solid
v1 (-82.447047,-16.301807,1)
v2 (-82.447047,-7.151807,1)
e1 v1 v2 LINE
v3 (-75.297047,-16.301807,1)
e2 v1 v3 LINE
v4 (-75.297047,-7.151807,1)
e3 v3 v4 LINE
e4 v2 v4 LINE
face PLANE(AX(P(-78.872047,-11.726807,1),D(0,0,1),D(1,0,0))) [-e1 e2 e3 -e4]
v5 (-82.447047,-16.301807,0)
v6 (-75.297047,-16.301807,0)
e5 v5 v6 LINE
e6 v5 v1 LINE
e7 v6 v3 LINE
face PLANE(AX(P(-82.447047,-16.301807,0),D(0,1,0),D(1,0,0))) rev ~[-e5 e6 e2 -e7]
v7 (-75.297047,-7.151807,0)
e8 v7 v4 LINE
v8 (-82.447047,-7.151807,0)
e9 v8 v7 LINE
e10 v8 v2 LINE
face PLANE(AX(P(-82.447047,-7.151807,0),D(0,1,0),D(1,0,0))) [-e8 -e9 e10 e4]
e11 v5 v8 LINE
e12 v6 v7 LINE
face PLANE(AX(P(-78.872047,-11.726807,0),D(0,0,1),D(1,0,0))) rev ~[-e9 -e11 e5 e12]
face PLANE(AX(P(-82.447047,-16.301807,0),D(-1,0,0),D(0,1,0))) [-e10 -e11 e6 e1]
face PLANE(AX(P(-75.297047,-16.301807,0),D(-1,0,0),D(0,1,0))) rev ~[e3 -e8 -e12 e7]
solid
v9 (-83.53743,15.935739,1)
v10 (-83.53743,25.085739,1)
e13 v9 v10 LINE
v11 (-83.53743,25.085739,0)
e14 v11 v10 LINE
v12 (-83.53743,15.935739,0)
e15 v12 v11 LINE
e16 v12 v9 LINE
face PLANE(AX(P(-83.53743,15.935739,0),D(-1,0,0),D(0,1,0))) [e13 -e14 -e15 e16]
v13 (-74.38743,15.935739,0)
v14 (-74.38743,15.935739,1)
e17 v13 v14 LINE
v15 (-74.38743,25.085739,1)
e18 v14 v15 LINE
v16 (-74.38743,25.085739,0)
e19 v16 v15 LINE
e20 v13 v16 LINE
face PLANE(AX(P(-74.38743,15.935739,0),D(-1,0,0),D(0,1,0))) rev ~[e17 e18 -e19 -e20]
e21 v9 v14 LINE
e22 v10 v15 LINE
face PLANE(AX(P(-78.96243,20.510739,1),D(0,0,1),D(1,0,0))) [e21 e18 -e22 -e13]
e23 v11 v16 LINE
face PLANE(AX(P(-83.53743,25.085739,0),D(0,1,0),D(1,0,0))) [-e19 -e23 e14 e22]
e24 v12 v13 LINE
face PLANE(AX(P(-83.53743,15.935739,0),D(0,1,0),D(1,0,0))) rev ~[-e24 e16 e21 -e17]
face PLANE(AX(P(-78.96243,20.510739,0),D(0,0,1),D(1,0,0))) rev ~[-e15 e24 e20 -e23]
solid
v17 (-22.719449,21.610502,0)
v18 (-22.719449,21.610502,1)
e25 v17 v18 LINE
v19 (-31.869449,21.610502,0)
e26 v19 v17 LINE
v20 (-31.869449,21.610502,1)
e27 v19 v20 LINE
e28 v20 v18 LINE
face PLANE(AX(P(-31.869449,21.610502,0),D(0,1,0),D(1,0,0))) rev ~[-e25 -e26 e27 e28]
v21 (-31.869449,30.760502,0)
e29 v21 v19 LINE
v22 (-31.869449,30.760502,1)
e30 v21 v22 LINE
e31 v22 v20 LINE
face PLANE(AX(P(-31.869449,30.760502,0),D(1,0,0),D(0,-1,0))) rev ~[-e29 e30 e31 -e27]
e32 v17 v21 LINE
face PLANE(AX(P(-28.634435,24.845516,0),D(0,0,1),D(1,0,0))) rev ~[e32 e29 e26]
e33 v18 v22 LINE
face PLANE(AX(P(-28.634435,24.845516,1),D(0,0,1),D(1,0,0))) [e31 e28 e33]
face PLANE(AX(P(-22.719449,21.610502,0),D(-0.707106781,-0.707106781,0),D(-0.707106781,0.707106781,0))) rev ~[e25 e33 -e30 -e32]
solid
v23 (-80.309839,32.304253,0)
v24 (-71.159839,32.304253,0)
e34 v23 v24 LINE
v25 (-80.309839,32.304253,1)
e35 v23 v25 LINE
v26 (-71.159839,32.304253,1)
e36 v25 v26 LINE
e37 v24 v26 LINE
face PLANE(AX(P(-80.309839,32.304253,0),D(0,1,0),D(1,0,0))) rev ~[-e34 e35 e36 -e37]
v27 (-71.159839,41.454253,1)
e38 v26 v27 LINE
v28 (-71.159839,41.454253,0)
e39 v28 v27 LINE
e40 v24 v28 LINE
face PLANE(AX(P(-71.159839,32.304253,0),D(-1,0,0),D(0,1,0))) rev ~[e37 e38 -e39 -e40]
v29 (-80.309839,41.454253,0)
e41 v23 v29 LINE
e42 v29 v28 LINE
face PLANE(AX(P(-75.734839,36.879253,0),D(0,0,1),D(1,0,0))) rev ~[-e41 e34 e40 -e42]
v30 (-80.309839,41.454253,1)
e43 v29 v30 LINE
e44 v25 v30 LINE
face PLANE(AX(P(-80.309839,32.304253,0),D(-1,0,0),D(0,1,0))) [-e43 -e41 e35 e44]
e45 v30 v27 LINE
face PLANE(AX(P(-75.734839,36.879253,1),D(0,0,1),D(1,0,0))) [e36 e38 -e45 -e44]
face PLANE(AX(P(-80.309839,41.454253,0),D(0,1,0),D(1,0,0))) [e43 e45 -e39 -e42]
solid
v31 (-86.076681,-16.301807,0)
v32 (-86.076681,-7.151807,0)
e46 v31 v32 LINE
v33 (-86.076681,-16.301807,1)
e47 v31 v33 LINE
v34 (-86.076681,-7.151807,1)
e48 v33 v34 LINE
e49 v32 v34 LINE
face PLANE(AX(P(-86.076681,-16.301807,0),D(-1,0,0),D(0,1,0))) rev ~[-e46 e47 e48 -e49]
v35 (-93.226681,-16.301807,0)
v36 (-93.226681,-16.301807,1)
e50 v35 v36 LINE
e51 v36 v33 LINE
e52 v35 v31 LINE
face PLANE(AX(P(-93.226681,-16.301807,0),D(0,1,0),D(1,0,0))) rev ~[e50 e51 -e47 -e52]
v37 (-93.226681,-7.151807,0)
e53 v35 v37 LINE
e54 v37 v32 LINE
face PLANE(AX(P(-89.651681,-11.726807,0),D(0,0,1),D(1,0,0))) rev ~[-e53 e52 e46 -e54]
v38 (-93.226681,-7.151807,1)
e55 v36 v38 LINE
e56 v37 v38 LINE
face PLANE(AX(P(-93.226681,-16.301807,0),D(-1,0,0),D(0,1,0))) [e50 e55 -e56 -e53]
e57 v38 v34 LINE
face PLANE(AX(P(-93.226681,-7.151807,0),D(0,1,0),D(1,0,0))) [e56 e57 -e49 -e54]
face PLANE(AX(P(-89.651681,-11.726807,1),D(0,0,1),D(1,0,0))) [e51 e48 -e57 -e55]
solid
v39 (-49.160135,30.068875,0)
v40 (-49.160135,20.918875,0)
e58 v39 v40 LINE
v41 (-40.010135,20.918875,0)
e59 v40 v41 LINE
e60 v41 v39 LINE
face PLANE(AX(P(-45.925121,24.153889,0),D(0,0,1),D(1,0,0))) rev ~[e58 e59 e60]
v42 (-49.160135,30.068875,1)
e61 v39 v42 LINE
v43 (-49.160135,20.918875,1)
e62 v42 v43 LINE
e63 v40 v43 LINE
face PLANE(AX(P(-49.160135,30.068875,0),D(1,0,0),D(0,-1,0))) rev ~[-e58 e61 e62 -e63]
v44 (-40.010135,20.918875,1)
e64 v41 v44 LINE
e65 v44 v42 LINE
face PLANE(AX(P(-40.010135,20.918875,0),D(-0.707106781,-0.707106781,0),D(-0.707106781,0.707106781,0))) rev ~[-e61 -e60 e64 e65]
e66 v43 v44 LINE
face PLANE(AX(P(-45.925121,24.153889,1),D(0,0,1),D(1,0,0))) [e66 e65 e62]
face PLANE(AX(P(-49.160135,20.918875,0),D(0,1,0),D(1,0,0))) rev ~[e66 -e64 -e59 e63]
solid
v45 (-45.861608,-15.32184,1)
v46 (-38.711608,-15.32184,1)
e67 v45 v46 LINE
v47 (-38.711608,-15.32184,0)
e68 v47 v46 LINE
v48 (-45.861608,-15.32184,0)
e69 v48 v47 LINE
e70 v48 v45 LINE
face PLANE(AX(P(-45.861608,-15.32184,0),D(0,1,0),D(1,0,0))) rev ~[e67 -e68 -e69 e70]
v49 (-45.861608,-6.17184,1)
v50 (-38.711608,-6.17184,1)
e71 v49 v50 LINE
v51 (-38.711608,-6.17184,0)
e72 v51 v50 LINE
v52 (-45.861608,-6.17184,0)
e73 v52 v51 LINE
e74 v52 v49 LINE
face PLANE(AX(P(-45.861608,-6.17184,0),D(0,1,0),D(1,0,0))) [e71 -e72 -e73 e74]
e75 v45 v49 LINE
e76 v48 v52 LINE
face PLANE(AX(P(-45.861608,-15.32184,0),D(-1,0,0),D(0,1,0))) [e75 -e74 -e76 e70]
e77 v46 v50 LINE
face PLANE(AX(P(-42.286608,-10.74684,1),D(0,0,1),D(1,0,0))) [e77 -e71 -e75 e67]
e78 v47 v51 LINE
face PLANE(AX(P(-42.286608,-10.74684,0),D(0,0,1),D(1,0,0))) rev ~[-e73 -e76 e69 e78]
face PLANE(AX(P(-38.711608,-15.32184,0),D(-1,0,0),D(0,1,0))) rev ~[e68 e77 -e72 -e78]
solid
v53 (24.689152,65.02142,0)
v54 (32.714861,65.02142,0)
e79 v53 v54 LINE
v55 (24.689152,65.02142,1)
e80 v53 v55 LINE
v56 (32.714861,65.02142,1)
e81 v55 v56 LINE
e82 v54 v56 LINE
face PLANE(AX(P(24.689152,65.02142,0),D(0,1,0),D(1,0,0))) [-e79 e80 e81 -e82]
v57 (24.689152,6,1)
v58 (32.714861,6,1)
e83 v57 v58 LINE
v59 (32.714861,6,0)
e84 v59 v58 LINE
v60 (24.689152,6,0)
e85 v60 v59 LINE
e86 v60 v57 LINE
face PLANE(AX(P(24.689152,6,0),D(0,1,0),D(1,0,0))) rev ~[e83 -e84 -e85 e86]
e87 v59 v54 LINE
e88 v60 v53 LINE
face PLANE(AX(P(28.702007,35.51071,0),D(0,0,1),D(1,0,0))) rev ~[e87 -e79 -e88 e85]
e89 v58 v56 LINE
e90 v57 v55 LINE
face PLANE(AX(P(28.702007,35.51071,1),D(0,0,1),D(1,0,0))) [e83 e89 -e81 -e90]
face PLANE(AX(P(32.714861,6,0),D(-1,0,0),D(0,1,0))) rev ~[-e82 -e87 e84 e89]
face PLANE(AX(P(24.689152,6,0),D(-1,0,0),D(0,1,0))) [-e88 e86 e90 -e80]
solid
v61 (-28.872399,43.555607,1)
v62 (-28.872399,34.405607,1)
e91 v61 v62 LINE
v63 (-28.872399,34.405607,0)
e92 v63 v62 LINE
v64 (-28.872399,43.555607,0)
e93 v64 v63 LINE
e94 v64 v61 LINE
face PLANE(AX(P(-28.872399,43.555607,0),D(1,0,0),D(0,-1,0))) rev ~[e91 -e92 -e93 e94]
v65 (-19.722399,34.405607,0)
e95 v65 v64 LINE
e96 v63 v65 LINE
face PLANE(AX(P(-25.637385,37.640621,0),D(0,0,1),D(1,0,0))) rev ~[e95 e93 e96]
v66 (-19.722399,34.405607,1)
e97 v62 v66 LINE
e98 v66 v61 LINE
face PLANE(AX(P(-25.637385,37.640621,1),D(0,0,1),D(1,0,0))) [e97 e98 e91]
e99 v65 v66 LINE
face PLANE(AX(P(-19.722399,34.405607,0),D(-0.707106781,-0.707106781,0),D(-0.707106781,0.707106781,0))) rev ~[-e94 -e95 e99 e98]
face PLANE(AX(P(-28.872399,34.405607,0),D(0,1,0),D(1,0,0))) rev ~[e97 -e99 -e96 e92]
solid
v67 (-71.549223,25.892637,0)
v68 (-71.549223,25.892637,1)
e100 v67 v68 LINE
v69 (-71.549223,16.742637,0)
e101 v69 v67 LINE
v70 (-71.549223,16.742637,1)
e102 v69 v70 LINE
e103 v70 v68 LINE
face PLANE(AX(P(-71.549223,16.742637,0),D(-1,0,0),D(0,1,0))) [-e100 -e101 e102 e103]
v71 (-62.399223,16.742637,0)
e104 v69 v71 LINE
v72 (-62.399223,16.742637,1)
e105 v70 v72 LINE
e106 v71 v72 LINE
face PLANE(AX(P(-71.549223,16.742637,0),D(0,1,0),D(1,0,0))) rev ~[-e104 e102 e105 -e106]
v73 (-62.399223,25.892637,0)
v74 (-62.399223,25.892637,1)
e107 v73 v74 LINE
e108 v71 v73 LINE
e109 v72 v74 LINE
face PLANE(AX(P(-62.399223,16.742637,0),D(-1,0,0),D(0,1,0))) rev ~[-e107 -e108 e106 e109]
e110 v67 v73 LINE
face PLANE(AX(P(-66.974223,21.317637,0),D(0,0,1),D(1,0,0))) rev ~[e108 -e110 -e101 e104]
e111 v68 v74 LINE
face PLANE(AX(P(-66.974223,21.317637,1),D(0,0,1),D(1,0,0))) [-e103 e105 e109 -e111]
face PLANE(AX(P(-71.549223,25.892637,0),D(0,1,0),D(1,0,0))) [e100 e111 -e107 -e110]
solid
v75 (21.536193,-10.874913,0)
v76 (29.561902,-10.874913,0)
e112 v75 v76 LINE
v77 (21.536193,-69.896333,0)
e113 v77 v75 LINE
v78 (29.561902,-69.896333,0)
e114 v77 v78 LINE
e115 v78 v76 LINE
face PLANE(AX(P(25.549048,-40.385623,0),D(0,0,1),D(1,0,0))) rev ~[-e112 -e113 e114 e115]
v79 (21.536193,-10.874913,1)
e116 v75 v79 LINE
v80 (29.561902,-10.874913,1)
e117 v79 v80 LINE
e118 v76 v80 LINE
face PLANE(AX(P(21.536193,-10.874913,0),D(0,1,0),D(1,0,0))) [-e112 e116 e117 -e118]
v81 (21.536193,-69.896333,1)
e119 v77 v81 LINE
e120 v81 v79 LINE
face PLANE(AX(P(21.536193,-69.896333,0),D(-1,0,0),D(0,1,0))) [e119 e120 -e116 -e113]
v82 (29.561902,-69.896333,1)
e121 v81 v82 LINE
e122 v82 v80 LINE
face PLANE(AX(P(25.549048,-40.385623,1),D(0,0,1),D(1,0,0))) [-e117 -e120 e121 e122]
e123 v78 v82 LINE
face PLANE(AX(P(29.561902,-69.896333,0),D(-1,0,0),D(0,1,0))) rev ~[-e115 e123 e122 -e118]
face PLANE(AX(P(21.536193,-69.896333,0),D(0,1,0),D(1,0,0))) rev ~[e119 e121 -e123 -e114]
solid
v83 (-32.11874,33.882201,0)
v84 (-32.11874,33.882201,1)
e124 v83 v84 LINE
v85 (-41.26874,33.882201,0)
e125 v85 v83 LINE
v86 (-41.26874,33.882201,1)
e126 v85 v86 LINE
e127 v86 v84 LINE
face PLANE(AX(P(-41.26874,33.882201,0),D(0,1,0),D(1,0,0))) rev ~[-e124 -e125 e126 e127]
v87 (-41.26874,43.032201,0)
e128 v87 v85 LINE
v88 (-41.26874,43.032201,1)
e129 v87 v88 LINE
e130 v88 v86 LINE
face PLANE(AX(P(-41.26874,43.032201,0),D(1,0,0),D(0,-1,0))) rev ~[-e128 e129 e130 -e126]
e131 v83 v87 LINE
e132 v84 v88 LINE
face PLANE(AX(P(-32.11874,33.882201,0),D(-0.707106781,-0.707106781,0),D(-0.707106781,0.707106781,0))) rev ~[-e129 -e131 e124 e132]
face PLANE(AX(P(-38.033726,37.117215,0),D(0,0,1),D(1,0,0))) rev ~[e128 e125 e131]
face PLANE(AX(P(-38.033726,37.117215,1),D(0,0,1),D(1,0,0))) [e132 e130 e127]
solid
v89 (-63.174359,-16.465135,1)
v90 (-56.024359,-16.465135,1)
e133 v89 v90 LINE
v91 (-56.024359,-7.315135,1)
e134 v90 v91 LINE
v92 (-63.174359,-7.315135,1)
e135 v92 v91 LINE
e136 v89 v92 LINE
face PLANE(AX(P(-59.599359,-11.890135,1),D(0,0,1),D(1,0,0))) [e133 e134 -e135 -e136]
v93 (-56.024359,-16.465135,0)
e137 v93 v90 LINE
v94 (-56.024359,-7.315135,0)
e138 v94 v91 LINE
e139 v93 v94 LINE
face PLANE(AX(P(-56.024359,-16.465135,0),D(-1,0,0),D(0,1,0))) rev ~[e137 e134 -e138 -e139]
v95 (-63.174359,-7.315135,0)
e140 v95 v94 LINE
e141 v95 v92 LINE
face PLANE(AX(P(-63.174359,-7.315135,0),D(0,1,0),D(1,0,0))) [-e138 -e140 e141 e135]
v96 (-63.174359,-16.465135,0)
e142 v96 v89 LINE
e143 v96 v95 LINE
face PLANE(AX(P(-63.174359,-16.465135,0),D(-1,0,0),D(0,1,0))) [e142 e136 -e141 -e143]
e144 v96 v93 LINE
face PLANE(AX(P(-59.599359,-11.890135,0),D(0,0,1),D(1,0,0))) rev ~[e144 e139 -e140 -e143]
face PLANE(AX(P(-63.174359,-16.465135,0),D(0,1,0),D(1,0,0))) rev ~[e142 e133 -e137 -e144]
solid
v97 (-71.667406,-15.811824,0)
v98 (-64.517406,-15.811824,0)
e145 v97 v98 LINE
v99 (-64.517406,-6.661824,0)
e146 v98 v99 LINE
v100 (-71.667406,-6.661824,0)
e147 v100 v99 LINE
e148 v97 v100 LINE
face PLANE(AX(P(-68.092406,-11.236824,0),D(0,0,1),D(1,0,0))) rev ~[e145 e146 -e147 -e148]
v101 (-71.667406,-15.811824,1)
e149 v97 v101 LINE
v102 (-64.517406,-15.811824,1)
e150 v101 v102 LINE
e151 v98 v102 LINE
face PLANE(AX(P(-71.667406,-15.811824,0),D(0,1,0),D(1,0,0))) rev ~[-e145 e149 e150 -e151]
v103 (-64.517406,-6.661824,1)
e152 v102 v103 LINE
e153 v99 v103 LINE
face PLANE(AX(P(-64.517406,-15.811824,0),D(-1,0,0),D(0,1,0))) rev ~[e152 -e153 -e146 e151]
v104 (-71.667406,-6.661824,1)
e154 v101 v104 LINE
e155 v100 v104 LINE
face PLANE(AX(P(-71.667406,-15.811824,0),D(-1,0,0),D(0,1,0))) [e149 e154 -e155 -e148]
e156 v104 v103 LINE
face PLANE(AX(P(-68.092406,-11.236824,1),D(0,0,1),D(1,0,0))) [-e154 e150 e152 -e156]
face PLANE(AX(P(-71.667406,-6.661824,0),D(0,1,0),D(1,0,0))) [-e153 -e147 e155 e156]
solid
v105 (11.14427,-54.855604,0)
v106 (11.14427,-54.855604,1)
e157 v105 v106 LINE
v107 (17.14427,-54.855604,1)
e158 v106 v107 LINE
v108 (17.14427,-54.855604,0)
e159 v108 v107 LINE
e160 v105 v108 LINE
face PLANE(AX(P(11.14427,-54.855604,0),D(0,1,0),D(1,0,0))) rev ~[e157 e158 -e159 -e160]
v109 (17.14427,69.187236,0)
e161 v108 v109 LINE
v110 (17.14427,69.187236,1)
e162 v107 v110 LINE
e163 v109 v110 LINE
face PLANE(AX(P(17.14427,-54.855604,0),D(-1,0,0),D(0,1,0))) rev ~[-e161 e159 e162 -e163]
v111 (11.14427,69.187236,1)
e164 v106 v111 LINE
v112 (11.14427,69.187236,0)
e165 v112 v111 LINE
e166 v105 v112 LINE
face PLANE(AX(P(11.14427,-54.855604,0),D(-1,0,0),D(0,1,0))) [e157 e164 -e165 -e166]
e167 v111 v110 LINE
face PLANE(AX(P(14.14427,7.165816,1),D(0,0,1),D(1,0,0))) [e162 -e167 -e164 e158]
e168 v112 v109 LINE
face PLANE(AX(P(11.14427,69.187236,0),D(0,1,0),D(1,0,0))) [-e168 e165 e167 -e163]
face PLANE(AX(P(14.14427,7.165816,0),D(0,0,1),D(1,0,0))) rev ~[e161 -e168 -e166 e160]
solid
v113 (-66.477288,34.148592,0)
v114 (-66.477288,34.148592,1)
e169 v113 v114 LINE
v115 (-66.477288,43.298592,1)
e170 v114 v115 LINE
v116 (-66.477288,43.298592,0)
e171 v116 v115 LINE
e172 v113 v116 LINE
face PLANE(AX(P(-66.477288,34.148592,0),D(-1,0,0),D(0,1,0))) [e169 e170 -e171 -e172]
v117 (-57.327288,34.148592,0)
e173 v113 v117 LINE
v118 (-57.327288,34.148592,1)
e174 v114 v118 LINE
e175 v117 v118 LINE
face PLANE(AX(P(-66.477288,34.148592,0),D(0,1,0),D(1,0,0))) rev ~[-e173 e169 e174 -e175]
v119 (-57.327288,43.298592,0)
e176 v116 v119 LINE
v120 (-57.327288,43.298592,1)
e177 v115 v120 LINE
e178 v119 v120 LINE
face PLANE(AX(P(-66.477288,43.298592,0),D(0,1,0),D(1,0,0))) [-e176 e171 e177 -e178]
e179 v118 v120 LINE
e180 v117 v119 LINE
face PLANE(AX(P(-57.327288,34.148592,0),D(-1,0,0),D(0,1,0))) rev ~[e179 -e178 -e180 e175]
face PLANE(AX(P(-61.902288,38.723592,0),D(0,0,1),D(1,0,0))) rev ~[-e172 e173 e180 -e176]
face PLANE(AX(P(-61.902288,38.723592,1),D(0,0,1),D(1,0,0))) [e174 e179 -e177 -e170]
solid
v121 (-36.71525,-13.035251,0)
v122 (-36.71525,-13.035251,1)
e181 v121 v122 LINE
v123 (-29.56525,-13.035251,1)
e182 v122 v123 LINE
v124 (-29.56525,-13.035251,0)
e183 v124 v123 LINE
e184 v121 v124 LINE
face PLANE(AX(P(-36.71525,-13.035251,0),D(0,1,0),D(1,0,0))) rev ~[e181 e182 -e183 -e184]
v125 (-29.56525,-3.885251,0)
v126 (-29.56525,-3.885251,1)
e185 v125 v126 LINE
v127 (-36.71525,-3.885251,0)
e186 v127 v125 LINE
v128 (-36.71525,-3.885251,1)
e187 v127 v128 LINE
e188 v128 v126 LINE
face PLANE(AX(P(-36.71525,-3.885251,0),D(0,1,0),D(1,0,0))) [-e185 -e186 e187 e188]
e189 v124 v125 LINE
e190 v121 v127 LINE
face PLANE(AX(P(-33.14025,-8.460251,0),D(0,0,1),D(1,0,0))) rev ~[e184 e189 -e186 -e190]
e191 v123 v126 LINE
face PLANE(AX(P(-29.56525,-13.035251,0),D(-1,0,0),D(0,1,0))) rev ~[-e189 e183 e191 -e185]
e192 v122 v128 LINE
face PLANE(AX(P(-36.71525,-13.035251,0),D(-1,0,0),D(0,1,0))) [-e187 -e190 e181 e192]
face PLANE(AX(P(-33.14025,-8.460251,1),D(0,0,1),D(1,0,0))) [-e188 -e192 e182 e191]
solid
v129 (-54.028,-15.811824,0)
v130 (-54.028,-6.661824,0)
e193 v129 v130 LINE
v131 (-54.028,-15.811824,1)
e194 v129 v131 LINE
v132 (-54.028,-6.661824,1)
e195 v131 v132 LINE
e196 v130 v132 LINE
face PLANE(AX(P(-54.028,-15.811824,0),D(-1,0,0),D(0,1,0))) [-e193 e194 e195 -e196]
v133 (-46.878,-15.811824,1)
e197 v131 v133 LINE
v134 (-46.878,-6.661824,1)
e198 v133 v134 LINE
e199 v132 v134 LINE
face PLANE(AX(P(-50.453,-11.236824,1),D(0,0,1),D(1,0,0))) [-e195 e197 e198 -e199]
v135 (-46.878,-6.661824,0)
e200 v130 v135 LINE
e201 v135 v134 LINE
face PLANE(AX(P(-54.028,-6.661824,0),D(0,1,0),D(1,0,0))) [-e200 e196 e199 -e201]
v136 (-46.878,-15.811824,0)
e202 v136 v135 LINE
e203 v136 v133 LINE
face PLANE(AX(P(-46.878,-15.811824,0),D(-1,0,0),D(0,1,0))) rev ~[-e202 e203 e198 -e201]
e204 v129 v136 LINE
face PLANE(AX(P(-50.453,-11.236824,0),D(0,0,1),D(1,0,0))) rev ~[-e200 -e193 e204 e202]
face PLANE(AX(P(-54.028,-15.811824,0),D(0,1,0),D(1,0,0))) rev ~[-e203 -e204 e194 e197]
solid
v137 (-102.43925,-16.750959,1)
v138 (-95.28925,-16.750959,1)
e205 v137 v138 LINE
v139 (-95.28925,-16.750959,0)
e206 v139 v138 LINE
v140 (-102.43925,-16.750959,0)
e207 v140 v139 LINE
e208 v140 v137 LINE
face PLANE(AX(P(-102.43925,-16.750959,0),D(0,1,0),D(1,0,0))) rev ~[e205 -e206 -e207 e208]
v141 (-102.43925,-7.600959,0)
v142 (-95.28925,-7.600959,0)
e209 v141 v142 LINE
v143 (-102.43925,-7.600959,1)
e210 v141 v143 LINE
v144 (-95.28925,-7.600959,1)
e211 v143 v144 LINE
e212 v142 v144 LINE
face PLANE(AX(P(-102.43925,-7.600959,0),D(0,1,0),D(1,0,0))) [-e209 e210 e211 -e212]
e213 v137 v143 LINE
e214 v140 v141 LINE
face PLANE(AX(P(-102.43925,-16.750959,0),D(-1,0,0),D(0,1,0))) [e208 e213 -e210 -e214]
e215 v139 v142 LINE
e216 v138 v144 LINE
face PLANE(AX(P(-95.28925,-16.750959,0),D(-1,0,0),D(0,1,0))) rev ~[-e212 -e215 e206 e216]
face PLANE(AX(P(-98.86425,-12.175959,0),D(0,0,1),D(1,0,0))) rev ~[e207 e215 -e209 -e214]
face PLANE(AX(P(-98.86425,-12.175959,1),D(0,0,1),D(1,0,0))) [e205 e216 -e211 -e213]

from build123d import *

# Parameters (mm, degrees)
F0_W     = 9.15
F0_H     = 9.15
F1_DEPTH = 1
F2_W     = 7.15
F2_H     = 9.15
F3_DEPTH = 1
F4_W     = 6
F4_H     = 124.04284
F4_W_2   = 8.025709
F4_H_2   = 59.02142
F5_DEPTH = 1


with BuildPart() as f1:
    # F0 (on Top) → F1 (new body)
    with BuildSketch(Plane.XY):
        with Locations((-75.734839, 36.879253)):
            Rectangle(F0_W, F0_H)
        with Locations((-78.96243, 20.510739)):
            Rectangle(F0_W, F0_H)
        with Locations((-61.902288, 38.723592)):
            Rectangle(F0_W, F0_H)
        with Locations((-66.974223, 21.317637)):
            Rectangle(F0_W, F0_H)
        Polygon((-40.010135, 20.918875), (-49.160135, 30.068875), (-49.160135, 20.918875), align=None)
        Polygon((-22.719449, 21.610502), (-31.869449, 30.760502), (-31.869449, 21.610502), align=None)
        Polygon((-32.11874, 33.882201), (-41.26874, 43.032201), (-41.26874, 33.882201), align=None)
        Polygon((-19.722399, 34.405607), (-28.872399, 43.555607), (-28.872399, 34.405607), align=None)
    extrude(amount=F1_DEPTH)


with BuildPart() as f3:
    # F2 (on Top) → F3 (new body)
    with BuildSketch(Plane.XY):
        with Locations((-98.86425, -12.175959)):
            Rectangle(F2_W, F2_H)
        with Locations((-89.651681, -11.726807)):
            Rectangle(F2_W, F2_H)
        with Locations((-78.872047, -11.726807)):
            Rectangle(F2_W, F2_H)
        with Locations((-68.092406, -11.236824)):
            Rectangle(F2_W, F2_H)
        with Locations((-59.599359, -11.890135)):
            Rectangle(F2_W, F2_H)
        with Locations((-50.453, -11.236824)):
            Rectangle(F2_W, F2_H)
        with Locations((-42.286608, -10.74684)):
            Rectangle(F2_W, F2_H)
        with Locations((-33.14025, -8.460251)):
            Rectangle(F2_W, F2_H)
    extrude(amount=F3_DEPTH)


with BuildPart() as f5:
    # F4 (on Top) → F5 (new body)
    with BuildSketch(Plane.XY):
        with Locations((14.14427, 7.165816)):
            Rectangle(F4_W, F4_H)
        with Locations((28.702007, 35.51071)):
            Rectangle(F4_W_2, F4_H_2)
        with Locations((25.549048, -40.385623)):
            Rectangle(F4_W_2, F4_H_2)
    extrude(amount=F5_DEPTH)


solid = Compound([f1.part, f3.part, f5.part])
